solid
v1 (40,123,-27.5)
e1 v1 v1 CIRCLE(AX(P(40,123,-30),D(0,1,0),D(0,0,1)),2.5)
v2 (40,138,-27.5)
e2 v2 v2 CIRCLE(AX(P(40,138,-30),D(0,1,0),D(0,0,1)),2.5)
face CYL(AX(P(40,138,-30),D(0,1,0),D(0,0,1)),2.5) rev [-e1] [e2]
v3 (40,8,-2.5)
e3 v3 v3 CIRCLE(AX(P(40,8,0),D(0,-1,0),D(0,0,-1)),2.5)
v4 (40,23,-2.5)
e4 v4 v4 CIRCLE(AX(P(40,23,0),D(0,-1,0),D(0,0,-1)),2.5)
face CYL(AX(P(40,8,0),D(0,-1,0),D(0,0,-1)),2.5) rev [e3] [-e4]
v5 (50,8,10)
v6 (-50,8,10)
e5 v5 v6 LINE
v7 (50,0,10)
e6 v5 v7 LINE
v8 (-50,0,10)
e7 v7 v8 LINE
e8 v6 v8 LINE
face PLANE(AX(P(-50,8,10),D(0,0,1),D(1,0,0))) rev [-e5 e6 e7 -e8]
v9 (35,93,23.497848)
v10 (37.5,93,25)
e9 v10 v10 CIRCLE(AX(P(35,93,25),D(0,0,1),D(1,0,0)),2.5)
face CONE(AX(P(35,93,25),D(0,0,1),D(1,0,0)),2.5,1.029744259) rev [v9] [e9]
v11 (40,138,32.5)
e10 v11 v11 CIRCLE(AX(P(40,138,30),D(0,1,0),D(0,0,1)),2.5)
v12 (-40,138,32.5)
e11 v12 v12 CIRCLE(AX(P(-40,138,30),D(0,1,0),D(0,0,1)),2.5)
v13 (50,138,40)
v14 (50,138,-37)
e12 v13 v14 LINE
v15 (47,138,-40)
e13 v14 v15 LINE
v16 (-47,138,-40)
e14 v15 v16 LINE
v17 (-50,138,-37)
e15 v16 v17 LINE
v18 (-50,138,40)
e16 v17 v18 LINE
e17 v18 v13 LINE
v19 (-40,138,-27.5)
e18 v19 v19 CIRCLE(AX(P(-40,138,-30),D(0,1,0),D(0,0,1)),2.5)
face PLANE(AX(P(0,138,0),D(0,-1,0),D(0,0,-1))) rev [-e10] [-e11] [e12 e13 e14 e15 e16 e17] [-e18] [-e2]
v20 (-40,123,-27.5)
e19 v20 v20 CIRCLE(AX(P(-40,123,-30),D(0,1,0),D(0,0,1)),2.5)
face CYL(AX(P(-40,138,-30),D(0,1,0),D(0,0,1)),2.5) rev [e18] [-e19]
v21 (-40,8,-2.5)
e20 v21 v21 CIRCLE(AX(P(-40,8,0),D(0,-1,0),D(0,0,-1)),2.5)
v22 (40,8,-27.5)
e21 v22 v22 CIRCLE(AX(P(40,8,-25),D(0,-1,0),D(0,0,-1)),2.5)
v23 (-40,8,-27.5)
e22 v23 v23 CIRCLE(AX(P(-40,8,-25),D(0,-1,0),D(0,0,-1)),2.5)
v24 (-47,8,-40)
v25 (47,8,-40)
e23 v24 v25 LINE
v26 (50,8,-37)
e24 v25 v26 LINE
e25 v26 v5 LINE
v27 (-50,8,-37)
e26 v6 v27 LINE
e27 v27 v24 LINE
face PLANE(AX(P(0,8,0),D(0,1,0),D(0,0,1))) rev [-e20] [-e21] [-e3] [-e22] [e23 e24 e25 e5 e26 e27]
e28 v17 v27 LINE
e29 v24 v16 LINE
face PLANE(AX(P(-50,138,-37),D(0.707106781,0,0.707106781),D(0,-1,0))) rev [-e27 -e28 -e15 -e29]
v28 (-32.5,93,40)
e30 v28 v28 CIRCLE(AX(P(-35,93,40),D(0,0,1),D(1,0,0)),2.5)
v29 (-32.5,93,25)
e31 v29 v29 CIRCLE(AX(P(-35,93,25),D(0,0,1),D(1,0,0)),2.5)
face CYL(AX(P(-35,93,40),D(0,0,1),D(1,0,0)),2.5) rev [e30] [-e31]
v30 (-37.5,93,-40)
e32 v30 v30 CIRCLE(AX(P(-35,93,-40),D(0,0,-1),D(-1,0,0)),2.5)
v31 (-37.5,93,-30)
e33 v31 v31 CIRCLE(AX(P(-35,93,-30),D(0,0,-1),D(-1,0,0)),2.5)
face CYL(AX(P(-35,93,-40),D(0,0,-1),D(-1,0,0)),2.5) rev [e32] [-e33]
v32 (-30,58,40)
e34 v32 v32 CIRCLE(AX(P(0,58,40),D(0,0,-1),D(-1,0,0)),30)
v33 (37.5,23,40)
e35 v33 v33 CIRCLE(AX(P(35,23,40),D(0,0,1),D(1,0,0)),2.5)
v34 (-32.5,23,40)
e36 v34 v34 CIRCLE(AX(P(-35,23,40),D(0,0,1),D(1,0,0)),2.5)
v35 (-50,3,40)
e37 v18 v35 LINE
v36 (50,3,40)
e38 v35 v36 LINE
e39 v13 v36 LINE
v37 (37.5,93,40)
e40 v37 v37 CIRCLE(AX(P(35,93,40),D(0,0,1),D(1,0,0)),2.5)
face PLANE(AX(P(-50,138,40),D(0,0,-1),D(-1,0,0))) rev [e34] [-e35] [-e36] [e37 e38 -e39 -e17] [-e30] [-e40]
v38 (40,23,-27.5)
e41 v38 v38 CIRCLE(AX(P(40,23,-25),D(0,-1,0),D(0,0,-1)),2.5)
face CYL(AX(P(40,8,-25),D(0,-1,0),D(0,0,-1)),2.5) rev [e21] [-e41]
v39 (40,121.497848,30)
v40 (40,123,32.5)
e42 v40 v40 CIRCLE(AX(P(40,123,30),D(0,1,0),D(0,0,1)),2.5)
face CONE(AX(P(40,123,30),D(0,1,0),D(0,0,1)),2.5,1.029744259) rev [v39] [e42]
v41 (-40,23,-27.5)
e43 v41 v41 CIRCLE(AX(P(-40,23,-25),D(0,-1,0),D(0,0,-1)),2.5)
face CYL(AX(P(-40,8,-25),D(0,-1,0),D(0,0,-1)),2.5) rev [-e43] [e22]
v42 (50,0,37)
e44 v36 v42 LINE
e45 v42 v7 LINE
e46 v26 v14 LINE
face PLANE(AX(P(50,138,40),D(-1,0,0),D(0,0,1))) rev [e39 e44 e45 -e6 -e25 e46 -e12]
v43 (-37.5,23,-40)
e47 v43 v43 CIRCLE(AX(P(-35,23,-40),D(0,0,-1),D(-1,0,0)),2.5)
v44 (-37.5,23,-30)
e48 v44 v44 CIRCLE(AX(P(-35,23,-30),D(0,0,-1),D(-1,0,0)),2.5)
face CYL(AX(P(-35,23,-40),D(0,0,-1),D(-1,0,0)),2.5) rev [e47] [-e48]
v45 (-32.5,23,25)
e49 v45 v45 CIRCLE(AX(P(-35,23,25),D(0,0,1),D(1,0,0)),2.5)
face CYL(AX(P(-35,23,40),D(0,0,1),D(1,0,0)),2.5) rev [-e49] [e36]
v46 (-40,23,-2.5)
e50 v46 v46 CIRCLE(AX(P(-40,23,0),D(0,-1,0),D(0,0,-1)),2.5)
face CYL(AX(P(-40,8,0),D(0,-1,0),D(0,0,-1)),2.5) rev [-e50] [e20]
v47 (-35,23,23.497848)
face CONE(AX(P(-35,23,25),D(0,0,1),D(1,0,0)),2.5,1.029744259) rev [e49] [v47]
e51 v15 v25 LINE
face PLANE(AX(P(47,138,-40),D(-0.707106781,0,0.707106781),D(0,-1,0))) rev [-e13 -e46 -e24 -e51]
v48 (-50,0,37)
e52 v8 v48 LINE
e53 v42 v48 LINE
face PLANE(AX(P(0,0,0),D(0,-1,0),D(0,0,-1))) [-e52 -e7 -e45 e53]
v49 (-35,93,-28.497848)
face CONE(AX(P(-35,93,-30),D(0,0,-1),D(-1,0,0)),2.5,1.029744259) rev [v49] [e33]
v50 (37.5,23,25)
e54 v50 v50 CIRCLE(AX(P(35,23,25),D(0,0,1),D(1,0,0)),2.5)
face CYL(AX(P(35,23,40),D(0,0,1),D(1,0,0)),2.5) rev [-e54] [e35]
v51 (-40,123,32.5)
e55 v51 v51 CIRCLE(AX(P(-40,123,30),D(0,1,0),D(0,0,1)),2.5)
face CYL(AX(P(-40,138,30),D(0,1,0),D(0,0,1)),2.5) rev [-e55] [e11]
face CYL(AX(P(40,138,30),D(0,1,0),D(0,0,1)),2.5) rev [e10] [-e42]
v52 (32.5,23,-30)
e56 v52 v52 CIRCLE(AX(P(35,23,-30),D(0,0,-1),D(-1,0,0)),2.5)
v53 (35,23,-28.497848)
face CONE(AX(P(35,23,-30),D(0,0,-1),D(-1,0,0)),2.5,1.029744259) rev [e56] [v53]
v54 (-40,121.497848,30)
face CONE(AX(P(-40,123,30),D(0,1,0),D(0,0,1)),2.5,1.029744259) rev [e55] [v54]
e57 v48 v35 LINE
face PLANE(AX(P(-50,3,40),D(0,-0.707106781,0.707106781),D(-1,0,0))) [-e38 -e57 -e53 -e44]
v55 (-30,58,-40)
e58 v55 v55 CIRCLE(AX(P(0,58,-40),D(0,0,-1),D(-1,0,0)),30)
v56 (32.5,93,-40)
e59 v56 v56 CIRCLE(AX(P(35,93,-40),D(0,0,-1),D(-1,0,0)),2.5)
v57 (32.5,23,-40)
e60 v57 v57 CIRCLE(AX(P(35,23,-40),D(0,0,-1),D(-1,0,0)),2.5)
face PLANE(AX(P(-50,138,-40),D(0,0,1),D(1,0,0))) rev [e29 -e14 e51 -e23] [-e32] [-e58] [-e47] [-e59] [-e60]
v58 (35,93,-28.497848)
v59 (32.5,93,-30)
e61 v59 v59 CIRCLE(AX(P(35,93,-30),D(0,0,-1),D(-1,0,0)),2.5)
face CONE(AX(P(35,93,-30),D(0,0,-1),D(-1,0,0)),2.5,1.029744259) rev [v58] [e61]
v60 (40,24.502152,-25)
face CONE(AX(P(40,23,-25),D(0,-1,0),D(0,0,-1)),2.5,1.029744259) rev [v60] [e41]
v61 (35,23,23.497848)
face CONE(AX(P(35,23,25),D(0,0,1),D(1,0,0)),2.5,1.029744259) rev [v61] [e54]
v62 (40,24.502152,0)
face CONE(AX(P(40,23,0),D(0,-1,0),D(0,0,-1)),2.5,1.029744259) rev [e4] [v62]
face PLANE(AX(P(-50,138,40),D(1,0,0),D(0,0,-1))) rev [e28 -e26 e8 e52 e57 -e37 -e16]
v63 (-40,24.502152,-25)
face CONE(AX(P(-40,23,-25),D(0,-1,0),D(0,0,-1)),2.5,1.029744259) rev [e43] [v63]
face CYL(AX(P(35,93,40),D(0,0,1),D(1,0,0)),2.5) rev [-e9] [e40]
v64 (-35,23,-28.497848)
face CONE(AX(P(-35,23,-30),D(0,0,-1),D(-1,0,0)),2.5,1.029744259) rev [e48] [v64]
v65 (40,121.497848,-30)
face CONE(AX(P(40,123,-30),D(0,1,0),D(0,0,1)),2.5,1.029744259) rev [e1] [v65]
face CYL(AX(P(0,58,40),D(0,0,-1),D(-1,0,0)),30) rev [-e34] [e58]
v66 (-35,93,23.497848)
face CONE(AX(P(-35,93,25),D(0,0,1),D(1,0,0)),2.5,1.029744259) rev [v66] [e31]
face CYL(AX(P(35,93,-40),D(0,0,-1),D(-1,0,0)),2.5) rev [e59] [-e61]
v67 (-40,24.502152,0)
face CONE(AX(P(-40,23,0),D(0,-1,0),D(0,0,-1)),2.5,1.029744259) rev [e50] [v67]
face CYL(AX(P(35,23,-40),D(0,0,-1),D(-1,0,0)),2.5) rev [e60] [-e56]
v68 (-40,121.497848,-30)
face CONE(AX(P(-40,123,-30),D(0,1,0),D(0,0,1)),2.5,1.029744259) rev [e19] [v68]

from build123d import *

# Parameters (mm, degrees)
SKETCH1_W             = 100
SKETCH1_H             = 80
BOSS_EXTRUDE1_DEPTH   = 138
SKETCH2_W             = 100
SKETCH2_H             = 50
CUT_EXTRUDE1_DEPTH    = 8
M6_TAPPED_HOLE1_D     = 5
M6_TAPPED_HOLE1_DEPTH = 15
M6_TAPPED_HOLE1_TIP   = 1.502151548
SKETCH6_R             = 30
CUT_EXTRUDE2_DEPTH    = 168.164589552
M6_TAPPED_HOLE2_D     = 5
M6_TAPPED_HOLE2_DEPTH = 15
M6_TAPPED_HOLE2_TIP   = 1.502151548
M6_TAPPED_HOLE3_D     = 5
M6_TAPPED_HOLE3_DEPTH = 10
M6_TAPPED_HOLE3_TIP   = 1.502151548
M6_TAPPED_HOLE4_D     = 5
M6_TAPPED_HOLE4_DEPTH = 15
M6_TAPPED_HOLE4_TIP   = 1.502151548
CHAMFER1_SIZE         = 3


with BuildPart() as part:
    # Sketch1 → Boss-Extrude1 (new body)
    with BuildSketch(Plane(origin=(0, 0, 0), x_dir=(1, 0, 0), z_dir=(0, 1, 0))):
        Rectangle(SKETCH1_W, SKETCH1_H)
    extrude(amount=BOSS_EXTRUDE1_DEPTH)

    # Sketch2 → Cut-Extrude1 (cut)
    with BuildSketch(Plane.XZ):
        with Locations((0, -15)):
            Rectangle(SKETCH2_W, SKETCH2_H)
    extrude(amount=-CUT_EXTRUDE1_DEPTH, mode=Mode.SUBTRACT)

    # M6 Tapped Hole1
    with Locations(Plane(origin=(0, 8, 0), x_dir=(-1, 0, 0), z_dir=(0, -1, 0))):
        with Locations((-40, 25), (-40, 0), (40, 0), (40, 25)):
            Hole(M6_TAPPED_HOLE1_D / 2, depth=M6_TAPPED_HOLE1_DEPTH)
            with Locations((0, 0, -(M6_TAPPED_HOLE1_DEPTH + M6_TAPPED_HOLE1_TIP / 2))):  # 118° drill point
                Cone(0, M6_TAPPED_HOLE1_D / 2, M6_TAPPED_HOLE1_TIP, mode=Mode.SUBTRACT)

    # Sketch6 → Cut-Extrude2 (cut, through all)
    with BuildSketch(Plane(origin=(0, 0, -40), x_dir=(-1, 0, 0), z_dir=(0, 0, -1))):
        with Locations((0, 58)):
            Circle(SKETCH6_R)
    extrude(amount=-CUT_EXTRUDE2_DEPTH, mode=Mode.SUBTRACT)

    # M6 Tapped Hole2
    with Locations(Plane(origin=(0, 138, 0), x_dir=(1, 0, 0), z_dir=(0, 1, 0))):
        with Locations((-40, 30), (-40, -30), (40, -30), (40, 30)):
            Hole(M6_TAPPED_HOLE2_D / 2, depth=M6_TAPPED_HOLE2_DEPTH)
            with Locations((0, 0, -(M6_TAPPED_HOLE2_DEPTH + M6_TAPPED_HOLE2_TIP / 2))):  # 118° drill point
                Cone(0, M6_TAPPED_HOLE2_D / 2, M6_TAPPED_HOLE2_TIP, mode=Mode.SUBTRACT)

    # M6 Tapped Hole3
    with Locations(Plane(origin=(0, 0, -40), x_dir=(-1, 0, 0), z_dir=(0, 0, -1))):
        with Locations((-35, 23), (-35, 93), (35, 93), (35, 23)):
            Hole(M6_TAPPED_HOLE3_D / 2, depth=M6_TAPPED_HOLE3_DEPTH)
            with Locations((0, 0, -(M6_TAPPED_HOLE3_DEPTH + M6_TAPPED_HOLE3_TIP / 2))):  # 118° drill point
                Cone(0, M6_TAPPED_HOLE3_D / 2, M6_TAPPED_HOLE3_TIP, mode=Mode.SUBTRACT)

    # M6 Tapped Hole4
    with Locations(Plane.XY.offset(40)):
        with Locations((-35, 93), (35, 93), (35, 23), (-35, 23)):
            Hole(M6_TAPPED_HOLE4_D / 2, depth=M6_TAPPED_HOLE4_DEPTH)
            with Locations((0, 0, -(M6_TAPPED_HOLE4_DEPTH + M6_TAPPED_HOLE4_TIP / 2))):  # 118° drill point
                Cone(0, M6_TAPPED_HOLE4_D / 2, M6_TAPPED_HOLE4_TIP, mode=Mode.SUBTRACT)

    # Chamfer1
    chamfer1_edges = [part.edges().sort_by_distance(p)[0] for p in [
        (0, 0, 40),
        (-50, 73, -40),
        (50, 73, -40),
    ]]
    chamfer(chamfer1_edges, length=CHAMFER1_SIZE)


solid = part.part
